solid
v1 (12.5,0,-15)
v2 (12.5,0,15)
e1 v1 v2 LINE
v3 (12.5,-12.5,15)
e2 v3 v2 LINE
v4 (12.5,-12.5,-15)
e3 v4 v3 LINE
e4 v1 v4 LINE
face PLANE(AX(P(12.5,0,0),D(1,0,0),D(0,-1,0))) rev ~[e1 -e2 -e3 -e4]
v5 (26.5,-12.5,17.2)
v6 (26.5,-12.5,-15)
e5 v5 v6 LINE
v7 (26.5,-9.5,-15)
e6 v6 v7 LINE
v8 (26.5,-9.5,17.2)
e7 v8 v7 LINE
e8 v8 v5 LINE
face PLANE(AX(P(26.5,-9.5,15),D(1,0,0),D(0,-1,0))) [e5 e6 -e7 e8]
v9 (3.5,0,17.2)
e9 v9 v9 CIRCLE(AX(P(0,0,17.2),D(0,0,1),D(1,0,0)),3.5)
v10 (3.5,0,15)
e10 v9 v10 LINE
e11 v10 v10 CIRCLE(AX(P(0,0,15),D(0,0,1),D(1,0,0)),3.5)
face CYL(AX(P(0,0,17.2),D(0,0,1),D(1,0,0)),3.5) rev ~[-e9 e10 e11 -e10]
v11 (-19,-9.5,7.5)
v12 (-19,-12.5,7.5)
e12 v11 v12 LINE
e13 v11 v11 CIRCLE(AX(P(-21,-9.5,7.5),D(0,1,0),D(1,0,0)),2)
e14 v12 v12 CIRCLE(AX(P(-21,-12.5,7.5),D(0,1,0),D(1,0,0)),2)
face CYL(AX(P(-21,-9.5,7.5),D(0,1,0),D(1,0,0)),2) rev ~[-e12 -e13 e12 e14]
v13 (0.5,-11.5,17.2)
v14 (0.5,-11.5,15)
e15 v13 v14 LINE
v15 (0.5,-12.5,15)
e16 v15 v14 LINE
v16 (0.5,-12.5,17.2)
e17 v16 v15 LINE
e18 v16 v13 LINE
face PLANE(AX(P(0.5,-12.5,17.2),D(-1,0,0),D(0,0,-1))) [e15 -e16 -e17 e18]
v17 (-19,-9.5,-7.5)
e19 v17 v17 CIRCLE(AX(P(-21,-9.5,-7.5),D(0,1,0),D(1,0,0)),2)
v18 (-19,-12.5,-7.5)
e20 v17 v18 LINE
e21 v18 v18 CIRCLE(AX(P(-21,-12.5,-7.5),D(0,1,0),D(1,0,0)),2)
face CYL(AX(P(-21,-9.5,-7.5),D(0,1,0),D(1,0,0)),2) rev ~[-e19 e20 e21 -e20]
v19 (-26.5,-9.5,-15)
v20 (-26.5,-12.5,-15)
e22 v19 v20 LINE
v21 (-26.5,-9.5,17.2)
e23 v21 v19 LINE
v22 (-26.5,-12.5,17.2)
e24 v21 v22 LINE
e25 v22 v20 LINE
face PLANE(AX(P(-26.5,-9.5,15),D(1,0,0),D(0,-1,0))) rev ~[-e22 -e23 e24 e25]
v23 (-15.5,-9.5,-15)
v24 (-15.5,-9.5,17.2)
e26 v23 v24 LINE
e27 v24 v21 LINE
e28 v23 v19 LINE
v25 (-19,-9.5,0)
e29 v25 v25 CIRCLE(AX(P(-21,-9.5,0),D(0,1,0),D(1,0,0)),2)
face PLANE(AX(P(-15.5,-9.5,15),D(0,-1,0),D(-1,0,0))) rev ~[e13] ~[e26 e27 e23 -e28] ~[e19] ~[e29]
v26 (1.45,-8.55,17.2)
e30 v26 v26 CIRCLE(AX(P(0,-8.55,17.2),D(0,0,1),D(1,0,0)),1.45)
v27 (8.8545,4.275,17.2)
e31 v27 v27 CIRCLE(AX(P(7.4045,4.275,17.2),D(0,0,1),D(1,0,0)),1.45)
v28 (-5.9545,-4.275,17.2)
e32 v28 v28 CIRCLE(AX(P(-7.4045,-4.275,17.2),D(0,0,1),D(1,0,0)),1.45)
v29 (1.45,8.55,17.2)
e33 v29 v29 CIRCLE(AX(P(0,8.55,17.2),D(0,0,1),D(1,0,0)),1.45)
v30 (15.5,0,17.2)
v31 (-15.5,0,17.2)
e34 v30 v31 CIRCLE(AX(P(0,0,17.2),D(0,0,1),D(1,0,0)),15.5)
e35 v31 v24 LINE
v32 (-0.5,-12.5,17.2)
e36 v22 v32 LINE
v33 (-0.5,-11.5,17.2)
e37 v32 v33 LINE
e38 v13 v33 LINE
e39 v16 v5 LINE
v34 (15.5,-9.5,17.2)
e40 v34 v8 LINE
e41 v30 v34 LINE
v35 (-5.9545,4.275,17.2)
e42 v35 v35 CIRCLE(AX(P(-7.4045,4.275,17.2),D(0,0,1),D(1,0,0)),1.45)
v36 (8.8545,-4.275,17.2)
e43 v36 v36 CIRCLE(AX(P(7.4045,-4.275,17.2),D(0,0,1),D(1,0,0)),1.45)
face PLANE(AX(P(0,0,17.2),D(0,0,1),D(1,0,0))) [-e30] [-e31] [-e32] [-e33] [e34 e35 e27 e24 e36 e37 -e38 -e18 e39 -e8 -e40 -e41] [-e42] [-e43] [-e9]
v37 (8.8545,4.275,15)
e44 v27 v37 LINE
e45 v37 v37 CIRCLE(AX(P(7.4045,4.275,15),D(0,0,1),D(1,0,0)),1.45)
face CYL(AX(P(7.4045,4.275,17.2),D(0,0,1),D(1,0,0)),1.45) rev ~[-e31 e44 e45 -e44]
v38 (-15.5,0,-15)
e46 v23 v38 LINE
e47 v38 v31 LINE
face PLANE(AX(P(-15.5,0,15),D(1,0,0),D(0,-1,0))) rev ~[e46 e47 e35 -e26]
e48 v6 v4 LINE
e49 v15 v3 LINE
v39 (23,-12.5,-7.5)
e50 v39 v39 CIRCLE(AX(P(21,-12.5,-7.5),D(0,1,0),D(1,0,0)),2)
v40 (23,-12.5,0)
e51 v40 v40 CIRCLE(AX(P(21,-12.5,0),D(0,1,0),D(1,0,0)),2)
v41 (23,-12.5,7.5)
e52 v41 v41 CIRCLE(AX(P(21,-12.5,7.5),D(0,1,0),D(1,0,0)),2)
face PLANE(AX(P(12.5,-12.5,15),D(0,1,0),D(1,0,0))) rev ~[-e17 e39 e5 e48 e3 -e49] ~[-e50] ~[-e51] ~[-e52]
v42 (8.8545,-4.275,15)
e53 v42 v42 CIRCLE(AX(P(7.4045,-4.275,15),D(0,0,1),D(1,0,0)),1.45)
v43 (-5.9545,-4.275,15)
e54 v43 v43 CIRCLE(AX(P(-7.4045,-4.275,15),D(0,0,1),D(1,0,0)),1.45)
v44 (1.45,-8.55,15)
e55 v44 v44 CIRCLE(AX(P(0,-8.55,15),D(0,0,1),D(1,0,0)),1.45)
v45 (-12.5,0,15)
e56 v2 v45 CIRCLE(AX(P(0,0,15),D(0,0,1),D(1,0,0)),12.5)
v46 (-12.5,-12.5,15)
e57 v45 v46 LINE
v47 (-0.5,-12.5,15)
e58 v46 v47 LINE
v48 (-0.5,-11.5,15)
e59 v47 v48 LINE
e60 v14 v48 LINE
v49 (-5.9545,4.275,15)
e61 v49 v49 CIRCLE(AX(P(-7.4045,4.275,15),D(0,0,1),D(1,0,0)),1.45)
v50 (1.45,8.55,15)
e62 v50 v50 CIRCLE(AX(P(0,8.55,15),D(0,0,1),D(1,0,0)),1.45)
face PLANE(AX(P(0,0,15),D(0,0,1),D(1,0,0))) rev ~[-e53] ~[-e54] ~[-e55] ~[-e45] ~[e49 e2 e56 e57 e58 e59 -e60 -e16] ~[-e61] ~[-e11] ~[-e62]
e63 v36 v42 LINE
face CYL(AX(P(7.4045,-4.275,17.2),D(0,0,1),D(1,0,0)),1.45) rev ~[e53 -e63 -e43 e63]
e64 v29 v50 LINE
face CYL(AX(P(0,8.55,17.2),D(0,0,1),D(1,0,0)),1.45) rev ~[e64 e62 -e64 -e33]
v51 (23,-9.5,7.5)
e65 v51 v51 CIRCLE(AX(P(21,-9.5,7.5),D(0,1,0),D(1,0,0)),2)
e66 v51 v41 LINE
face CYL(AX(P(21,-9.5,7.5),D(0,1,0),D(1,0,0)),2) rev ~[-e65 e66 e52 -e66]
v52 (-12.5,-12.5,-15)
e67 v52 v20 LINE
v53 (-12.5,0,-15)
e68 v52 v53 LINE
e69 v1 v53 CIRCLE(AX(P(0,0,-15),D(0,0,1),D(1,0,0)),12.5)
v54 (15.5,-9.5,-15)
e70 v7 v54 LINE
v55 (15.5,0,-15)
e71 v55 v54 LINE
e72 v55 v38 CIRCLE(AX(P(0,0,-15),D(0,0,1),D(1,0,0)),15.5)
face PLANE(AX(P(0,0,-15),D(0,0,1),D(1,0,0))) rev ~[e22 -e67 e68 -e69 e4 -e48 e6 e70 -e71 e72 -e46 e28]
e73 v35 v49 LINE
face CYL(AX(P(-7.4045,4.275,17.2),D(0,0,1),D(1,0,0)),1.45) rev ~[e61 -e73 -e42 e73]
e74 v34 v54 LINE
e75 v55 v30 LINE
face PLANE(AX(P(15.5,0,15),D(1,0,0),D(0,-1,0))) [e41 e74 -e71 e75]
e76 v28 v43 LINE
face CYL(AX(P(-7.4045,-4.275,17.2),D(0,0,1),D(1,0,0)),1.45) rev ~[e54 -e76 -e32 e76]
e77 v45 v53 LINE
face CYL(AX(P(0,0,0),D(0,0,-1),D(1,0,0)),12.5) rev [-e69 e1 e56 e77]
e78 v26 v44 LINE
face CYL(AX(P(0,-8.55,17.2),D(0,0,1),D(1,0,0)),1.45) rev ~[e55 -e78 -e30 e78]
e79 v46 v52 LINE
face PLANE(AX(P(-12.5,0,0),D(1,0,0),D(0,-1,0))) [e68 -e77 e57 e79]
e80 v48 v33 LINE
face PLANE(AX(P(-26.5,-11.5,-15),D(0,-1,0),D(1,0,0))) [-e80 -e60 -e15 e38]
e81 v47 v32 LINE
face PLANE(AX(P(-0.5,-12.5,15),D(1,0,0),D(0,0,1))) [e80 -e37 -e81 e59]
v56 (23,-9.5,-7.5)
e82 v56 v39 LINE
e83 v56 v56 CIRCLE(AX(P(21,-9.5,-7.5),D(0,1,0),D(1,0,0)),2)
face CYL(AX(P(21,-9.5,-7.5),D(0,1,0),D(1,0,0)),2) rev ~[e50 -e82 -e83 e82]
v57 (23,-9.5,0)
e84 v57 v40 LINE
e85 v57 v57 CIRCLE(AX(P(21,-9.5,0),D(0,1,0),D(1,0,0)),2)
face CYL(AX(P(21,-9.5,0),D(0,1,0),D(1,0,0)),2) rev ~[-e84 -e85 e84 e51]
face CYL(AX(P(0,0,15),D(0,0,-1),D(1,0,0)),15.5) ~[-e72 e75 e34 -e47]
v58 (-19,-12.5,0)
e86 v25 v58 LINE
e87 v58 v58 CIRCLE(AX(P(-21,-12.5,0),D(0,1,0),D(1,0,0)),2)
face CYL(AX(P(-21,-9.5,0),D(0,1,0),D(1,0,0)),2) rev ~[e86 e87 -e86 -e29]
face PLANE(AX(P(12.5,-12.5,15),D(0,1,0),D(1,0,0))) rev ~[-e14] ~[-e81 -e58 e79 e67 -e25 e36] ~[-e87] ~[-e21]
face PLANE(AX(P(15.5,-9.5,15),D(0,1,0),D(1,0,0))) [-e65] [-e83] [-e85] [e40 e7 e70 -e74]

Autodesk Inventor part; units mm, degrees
ref_plane "YZ Plane" through (0, 0, 0) normal (1, 0, 0) x (0, 1, 0)
ref_plane "XZ Plane" through (0, 0, 0) normal (0, 1, 0) x (-1, 0, 0)
ref_plane "XY Plane" through (0, 0, 0) normal (0, 0, 1) x (1, 0, 0)
sketch "Эскиз1" plane through (0, 0, 0) normal (0, 0, 1) x (1, 0, 0)
  arc A0 (12.5, 0) -> (-12.5, 0) centre (0, 0) ccw
  line L0 (-14, -15) -> (14, 15) construction
  line L1 (14, -15) -> (-14, 15) construction
  line L2 (-14, 0) -> (14, 0) construction
  line L3 (-12.5, 0) -> (-12.5, -12.5)
  line L4 (12.5, 0) -> (12.5, -12.5)
  line L5 (-14, -12.5) -> (-12.5, -12.5)
  line L6 (12.5, -12.5) -> (14, -12.5)
  arc A1 (-12.5, 0) -> (12.5, 0) centre (0, 0) ccw construction
  line L7 (-16.5, 17.6786) -> (16.5, -17.6786) construction
  line L8 (16.5, 17.6786) -> (-16.5, -17.6786) construction
  line L9 (-16.5, -12.5) -> (-12.5, -12.5)
  line L10 (12.5, -12.5) -> (16.5, -12.5)
  arc A2 (-12.2571, 13.1326) -> (-12.5, 12.8766) centre (-1.5, 2.6786) ccw
  line L11 (16.5, -12.5) -> (26.5, -12.5)
  line L12 (0, 24.347) -> (0, -20.4254) construction
  line L13 (-16.5, -12.5) -> (-26.5, -12.5)
  line L14 (-15.5, -9.5) -> (-15.5, 0)
  arc A3 (15.5, 0) -> (-15.5, 0) centre (0, 0) ccw
  line L15 (15.5, 0) -> (15.5, -9.5)
  line L16 (-12.5, -12.5) -> (-12.5, -9.5)
  line L17 (-26.5, -12.5) -> (-12.5, -12.5)
  line L18 (-12.5, -12.5) -> (-12.5, -9.5)
  line L19 (-15.5, -9.5) -> (-26.5, -9.5)
  line L20 (-26.5, -9.5) -> (-26.5, -12.5)
  line L21 (12.5, -12.5) -> (26.5, -12.5)
  line L22 (26.5, -12.5) -> (26.5, -9.5)
  line L23 (26.5, -9.5) -> (15.5, -9.5)
  line L24 (12.5, -9.5) -> (12.5, -12.5)
  point P0 (0, 17.6786)
  dimension "d0" = 25
  dimension "d5" = 15
  dimension "d38" = 3
  dimension "d39" = 3
extrude "Выдавливание1" add sketch "Эскиз1" along normal mid plane 30
sketch "Эскиз7" plane through (-26.5, -9.5, 15) normal (0, 1, 0) x (1, 0, 0)
  line L0 (0, 15) -> (11, 15) construction
  line L1 (11, 30) -> (11, 0) construction
  line L2 (5.5, 0) -> (5.5, 30) construction
  line L3 (0, 30) -> (11, 30) construction
  line L4 (0, 7.5) -> (11, 7.5) construction
  line L5 (0, 22.5) -> (11, 22.5) construction
  circle A0 centre (5.5, 7.5) radius 2
  line L6 (0, 0) -> (0, 30)
  line L7 (0, 30) -> (0, 0) projected
  circle A1 centre (5.5, 15) radius 2
  circle A2 centre (5.5, 22.5) radius 2
  line L8 (26.5, 38.2442) -> (26.5, 0)
  line L9 (53, 15) -> (42, 15) construction
  line L10 (42, 30) -> (42, 0) construction
  line L11 (47.5, 0) -> (47.5, 30) construction
  line L12 (53, 30) -> (42, 30) construction
  line L13 (53, 7.5) -> (42, 7.5) construction
  line L14 (53, 22.5) -> (42, 22.5) construction
  circle A3 centre (47.5, 7.5) radius 2
  circle A4 centre (47.5, 15) radius 2
  circle A5 centre (47.5, 22.5) radius 2
  point P0 (26.5, 15)
  dimension "d40" = 4
  dimension "d41" = 4
  dimension "d42" = 4
extrude "Выдавливание7" cut sketch "Эскиз7" against normal blind 10
sketch "Эскиз8" plane through (0, 0, 15) normal (0, 0, 1) x (1, 0, 0)
  line L0 (-15.5, -9.5) -> (15.5, -9.5)
split_face "Разделение1"
sketch "Эскиз9" plane through (0, 0, 15) normal (0, 0, 1) x (1, 0, 0)
  arc A0 (15.5, 0) -> (-15.5, 0) centre (0, 0) ccw
  line L0 (-15.5, 0) -> (-15.5, -9.5)
  line L1 (15.5, 0) -> (15.5, -9.5)
  line L2 (12.5, -12.5) -> (26.5, -12.5) projected
  line L3 (-15.5, -9.5) -> (-26.5, -9.5)
  line L4 (-26.5, -9.5) -> (-26.5, -12.5)
  line L5 (-26.5, -12.5) -> (-12.5, -12.5)
  line L6 (15.5, -9.5) -> (26.5, -9.5)
  line L7 (26.5, -9.5) -> (26.5, -12.5)
  line L8 (-12.5, -12.5) -> (12.5, -12.5)
  point P0 (-12.5, 0)
  point P1 (12.5, 0)
  point P2 (-12.5, -9.5)
extrude "Выдавливание8" add sketch "Эскиз9" along normal blind 2.2
sketch "Эскиз10" plane through (0, 0, 17.2) normal (0, 0, 1) x (1, 0, 0)
  arc A0 (12.5, 0) -> (-12.5, 0) centre (0, 0) ccw projected
  line L0 (12.5, 0) -> (12.5, -12.5) projected
  line L1 (-12.5, -12.5) -> (-12.5, 0) projected
  circle A1 centre (0, 0) radius 12.5 construction
  circle A2 centre (0, 0) radius 3.5
  line L2 (0, 12.5) -> (0, 10) construction
  line L3 (0, 10) -> (0, 7.1) construction
  circle A3 centre (0, 8.55) radius 1.45
  line L4 (-12.5, 0) -> (12.5, 0) construction
  circle A4 centre (-7.4045, 4.275) radius 1.45
  circle A5 centre (-7.4045, -4.275) radius 1.45
  circle A6 centre (0, -8.55) radius 1.45
  circle A7 centre (7.4045, -4.275) radius 1.45
  circle A8 centre (7.4045, 4.275) radius 1.45
  point P0 (-8.6603, 5)
  point P1 (-8.6603, -5)
  point P2 (0, -10)
  point P3 (8.6603, -5)
  point P4 (8.6603, 5)
  dimension "d47" = 7
  dimension "d48" = 2.5
  dimension "d49" = 2.9
  dimension "d52" = 360
extrude "Выдавливание9" cut sketch "Эскиз10" against normal blind 3
sketch "Эскиз11" plane through (-26.5, -12.5, -15) normal (0, -1, 0) x (1, 0, 0)
  line L0 (0, 32.2) -> (53, 32.2) projected
  line L1 (26.5, 32.2) -> (26.5, 30)
  line L2 (30, 30) -> (23, 30) projected
  line L3 (27, 30) -> (26, 30)
  line L4 (26, 30) -> (26, 32.2)
  line L5 (26, 32.2) -> (27, 32.2)
  line L6 (27, 32.2) -> (27, 30)
  line L7 (27, 30) -> (26, 32.2) construction
  line L8 (26, 30) -> (27, 32.2) construction
  point P0 (26.5, 15)
  point P1 (26.5, 31.1)
  dimension "d56" = 1
extrude "Выдавливание10" cut sketch "Эскиз11" against normal blind 1
sketch "Эскиз12" plane through (0, 0, 17.2) normal (0, 0, 1) x (1, 0, 0)
  arc A0 (15.5, 0) -> (-15.5, 0) centre (0, 0) ccw construction
  line L0 (0, 15.5) -> (0, -12.7683) construction
properties part number "Mount gor motor TR"
